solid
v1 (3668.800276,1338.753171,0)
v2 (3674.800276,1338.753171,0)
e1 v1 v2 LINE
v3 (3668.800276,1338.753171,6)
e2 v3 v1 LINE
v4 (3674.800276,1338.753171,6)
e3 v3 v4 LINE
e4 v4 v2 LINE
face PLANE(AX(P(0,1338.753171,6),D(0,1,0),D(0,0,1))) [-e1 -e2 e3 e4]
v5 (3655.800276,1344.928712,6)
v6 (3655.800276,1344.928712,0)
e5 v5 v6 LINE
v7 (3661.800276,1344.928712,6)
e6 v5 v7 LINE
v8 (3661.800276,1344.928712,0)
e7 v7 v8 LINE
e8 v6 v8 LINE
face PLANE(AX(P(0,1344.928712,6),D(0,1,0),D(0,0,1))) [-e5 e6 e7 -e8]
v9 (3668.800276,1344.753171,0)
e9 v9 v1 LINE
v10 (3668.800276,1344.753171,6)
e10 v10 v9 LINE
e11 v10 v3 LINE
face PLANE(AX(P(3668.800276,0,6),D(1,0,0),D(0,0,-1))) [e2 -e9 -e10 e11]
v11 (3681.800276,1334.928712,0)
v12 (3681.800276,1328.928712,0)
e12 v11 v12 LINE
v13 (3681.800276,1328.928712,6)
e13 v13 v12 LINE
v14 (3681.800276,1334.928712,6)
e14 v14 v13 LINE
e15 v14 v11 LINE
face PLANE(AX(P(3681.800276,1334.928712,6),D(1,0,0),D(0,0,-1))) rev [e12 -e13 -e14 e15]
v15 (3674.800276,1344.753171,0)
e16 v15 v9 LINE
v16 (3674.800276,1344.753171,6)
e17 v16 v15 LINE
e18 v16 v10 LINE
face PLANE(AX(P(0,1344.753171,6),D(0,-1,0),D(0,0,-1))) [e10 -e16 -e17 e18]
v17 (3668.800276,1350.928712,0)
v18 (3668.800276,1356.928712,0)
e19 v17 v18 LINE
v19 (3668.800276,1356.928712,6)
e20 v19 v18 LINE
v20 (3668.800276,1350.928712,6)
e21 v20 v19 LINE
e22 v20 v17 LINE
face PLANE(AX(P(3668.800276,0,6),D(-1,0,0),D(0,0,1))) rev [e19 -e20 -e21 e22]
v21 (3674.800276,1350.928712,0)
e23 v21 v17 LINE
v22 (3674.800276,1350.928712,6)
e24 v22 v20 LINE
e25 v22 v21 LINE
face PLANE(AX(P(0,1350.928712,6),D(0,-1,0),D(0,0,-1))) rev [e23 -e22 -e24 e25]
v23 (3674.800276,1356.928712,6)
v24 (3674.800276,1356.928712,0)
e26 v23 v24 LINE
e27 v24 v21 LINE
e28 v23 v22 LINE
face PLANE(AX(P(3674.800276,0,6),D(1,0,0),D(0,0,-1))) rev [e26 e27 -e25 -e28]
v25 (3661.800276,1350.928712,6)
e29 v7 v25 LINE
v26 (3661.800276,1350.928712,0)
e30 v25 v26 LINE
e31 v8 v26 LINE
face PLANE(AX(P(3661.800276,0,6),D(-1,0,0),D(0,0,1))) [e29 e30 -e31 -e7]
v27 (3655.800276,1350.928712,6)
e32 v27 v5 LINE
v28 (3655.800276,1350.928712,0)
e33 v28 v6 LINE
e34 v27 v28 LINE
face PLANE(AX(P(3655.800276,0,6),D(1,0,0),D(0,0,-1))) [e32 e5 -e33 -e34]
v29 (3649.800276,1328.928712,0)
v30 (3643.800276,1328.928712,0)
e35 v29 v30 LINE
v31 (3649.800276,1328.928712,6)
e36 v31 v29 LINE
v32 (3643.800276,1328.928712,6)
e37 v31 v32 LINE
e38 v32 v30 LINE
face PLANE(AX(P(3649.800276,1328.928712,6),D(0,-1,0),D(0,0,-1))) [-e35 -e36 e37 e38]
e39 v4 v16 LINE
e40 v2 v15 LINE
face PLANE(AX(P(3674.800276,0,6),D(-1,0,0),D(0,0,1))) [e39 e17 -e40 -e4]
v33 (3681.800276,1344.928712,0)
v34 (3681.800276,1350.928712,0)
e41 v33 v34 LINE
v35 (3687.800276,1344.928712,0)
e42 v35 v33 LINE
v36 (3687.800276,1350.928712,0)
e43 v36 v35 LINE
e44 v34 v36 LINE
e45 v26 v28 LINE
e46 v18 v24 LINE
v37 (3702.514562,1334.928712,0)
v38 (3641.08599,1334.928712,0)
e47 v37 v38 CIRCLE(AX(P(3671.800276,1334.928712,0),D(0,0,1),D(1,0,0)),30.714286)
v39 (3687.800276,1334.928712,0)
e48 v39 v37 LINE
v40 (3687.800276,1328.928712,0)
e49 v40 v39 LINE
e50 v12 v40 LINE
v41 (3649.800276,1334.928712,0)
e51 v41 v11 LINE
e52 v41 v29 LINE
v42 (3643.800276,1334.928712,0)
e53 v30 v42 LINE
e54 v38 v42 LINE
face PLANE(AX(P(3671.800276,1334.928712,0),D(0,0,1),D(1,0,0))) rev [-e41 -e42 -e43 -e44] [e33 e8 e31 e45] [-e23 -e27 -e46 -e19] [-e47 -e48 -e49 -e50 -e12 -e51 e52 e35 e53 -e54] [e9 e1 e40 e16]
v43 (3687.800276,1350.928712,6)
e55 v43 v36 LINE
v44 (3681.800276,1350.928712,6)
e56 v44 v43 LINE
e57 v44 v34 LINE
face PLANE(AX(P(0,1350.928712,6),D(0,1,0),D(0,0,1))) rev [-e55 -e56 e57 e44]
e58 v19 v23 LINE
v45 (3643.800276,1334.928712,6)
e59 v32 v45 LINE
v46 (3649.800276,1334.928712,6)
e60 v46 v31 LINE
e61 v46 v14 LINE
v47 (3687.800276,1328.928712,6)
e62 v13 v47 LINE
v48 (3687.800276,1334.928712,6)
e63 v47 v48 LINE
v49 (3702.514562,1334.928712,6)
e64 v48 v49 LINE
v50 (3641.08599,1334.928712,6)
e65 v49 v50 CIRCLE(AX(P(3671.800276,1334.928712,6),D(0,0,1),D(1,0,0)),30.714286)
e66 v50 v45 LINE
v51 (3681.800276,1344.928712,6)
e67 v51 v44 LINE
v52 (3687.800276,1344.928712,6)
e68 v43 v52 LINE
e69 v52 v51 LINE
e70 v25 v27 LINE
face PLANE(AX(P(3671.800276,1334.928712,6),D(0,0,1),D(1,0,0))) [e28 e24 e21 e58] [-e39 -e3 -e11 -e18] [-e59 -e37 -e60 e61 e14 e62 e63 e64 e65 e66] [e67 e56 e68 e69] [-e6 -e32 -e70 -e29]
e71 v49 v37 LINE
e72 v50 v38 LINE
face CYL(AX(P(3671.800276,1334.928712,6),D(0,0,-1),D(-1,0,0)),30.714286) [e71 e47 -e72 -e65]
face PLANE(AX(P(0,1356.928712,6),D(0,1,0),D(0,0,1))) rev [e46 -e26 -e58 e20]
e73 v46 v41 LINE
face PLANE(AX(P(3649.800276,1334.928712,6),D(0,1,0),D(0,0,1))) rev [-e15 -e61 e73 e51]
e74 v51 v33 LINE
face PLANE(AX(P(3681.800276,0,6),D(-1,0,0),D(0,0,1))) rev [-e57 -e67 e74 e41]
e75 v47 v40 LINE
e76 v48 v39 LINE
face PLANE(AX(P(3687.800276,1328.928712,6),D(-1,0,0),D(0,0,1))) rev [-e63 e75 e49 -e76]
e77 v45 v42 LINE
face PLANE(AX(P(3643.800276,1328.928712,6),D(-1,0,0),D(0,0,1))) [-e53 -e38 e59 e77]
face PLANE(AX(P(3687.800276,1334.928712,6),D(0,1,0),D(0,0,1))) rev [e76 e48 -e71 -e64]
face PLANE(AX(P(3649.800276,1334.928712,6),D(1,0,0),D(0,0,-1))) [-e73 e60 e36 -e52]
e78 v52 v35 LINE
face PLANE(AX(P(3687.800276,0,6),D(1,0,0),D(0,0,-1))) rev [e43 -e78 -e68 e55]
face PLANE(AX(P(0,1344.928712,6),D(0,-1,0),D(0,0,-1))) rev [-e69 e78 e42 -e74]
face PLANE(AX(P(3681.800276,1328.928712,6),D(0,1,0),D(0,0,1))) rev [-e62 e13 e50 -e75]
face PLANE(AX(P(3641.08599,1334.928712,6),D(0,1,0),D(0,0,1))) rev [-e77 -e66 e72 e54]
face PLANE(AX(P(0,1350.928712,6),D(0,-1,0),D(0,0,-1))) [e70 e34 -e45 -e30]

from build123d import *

# Parameters (mm, degrees)
MODEL_W             = 6
MODEL_H             = 6
BOSS_EXTRUDE1_DEPTH = 6


with BuildPart() as part:
    # Model → Boss-Extrude1 (new body)
    with BuildSketch(Plane.XY):
        with BuildLine():
            Line((3681.800276195, 1334.928711893), (3681.800276195, 1328.928711893))
            Line((3681.800276195, 1328.928711893), (3687.800276195, 1328.928711893))
            Line((3687.800276195, 1328.928711893), (3687.800276195, 1334.928711893))
            Line((3687.800276195, 1334.928711893), (3702.514561909, 1334.928711893))
            ThreePointArc((3702.514561909, 1334.928711893), (3671.800276195, 1365.642997607), (3641.08599048, 1334.928711893))
            Line((3641.08599048, 1334.928711893), (3643.800276195, 1334.928711893))
            Line((3643.800276195, 1334.928711893), (3643.800276195, 1328.928711893))
            Line((3643.800276195, 1328.928711893), (3649.800276195, 1328.928711893))
            Line((3649.800276195, 1328.928711893), (3649.800276195, 1334.928711893))
            Line((3649.800276195, 1334.928711893), (3681.800276195, 1334.928711893))
        make_face()
        with Locations((3684.800276195, 1347.928711893)):
            Rectangle(MODEL_W, MODEL_H, mode=Mode.SUBTRACT)
        with Locations((3658.800276195, 1347.928711893)):
            Rectangle(MODEL_W, MODEL_H, mode=Mode.SUBTRACT)
        with Locations((3671.800276195, 1353.928711893)):
            Rectangle(MODEL_W, MODEL_H, mode=Mode.SUBTRACT)
        with Locations((3671.800276195, 1341.753170727)):
            Rectangle(MODEL_W, MODEL_H, mode=Mode.SUBTRACT)
    extrude(amount=BOSS_EXTRUDE1_DEPTH)


solid = part.part
